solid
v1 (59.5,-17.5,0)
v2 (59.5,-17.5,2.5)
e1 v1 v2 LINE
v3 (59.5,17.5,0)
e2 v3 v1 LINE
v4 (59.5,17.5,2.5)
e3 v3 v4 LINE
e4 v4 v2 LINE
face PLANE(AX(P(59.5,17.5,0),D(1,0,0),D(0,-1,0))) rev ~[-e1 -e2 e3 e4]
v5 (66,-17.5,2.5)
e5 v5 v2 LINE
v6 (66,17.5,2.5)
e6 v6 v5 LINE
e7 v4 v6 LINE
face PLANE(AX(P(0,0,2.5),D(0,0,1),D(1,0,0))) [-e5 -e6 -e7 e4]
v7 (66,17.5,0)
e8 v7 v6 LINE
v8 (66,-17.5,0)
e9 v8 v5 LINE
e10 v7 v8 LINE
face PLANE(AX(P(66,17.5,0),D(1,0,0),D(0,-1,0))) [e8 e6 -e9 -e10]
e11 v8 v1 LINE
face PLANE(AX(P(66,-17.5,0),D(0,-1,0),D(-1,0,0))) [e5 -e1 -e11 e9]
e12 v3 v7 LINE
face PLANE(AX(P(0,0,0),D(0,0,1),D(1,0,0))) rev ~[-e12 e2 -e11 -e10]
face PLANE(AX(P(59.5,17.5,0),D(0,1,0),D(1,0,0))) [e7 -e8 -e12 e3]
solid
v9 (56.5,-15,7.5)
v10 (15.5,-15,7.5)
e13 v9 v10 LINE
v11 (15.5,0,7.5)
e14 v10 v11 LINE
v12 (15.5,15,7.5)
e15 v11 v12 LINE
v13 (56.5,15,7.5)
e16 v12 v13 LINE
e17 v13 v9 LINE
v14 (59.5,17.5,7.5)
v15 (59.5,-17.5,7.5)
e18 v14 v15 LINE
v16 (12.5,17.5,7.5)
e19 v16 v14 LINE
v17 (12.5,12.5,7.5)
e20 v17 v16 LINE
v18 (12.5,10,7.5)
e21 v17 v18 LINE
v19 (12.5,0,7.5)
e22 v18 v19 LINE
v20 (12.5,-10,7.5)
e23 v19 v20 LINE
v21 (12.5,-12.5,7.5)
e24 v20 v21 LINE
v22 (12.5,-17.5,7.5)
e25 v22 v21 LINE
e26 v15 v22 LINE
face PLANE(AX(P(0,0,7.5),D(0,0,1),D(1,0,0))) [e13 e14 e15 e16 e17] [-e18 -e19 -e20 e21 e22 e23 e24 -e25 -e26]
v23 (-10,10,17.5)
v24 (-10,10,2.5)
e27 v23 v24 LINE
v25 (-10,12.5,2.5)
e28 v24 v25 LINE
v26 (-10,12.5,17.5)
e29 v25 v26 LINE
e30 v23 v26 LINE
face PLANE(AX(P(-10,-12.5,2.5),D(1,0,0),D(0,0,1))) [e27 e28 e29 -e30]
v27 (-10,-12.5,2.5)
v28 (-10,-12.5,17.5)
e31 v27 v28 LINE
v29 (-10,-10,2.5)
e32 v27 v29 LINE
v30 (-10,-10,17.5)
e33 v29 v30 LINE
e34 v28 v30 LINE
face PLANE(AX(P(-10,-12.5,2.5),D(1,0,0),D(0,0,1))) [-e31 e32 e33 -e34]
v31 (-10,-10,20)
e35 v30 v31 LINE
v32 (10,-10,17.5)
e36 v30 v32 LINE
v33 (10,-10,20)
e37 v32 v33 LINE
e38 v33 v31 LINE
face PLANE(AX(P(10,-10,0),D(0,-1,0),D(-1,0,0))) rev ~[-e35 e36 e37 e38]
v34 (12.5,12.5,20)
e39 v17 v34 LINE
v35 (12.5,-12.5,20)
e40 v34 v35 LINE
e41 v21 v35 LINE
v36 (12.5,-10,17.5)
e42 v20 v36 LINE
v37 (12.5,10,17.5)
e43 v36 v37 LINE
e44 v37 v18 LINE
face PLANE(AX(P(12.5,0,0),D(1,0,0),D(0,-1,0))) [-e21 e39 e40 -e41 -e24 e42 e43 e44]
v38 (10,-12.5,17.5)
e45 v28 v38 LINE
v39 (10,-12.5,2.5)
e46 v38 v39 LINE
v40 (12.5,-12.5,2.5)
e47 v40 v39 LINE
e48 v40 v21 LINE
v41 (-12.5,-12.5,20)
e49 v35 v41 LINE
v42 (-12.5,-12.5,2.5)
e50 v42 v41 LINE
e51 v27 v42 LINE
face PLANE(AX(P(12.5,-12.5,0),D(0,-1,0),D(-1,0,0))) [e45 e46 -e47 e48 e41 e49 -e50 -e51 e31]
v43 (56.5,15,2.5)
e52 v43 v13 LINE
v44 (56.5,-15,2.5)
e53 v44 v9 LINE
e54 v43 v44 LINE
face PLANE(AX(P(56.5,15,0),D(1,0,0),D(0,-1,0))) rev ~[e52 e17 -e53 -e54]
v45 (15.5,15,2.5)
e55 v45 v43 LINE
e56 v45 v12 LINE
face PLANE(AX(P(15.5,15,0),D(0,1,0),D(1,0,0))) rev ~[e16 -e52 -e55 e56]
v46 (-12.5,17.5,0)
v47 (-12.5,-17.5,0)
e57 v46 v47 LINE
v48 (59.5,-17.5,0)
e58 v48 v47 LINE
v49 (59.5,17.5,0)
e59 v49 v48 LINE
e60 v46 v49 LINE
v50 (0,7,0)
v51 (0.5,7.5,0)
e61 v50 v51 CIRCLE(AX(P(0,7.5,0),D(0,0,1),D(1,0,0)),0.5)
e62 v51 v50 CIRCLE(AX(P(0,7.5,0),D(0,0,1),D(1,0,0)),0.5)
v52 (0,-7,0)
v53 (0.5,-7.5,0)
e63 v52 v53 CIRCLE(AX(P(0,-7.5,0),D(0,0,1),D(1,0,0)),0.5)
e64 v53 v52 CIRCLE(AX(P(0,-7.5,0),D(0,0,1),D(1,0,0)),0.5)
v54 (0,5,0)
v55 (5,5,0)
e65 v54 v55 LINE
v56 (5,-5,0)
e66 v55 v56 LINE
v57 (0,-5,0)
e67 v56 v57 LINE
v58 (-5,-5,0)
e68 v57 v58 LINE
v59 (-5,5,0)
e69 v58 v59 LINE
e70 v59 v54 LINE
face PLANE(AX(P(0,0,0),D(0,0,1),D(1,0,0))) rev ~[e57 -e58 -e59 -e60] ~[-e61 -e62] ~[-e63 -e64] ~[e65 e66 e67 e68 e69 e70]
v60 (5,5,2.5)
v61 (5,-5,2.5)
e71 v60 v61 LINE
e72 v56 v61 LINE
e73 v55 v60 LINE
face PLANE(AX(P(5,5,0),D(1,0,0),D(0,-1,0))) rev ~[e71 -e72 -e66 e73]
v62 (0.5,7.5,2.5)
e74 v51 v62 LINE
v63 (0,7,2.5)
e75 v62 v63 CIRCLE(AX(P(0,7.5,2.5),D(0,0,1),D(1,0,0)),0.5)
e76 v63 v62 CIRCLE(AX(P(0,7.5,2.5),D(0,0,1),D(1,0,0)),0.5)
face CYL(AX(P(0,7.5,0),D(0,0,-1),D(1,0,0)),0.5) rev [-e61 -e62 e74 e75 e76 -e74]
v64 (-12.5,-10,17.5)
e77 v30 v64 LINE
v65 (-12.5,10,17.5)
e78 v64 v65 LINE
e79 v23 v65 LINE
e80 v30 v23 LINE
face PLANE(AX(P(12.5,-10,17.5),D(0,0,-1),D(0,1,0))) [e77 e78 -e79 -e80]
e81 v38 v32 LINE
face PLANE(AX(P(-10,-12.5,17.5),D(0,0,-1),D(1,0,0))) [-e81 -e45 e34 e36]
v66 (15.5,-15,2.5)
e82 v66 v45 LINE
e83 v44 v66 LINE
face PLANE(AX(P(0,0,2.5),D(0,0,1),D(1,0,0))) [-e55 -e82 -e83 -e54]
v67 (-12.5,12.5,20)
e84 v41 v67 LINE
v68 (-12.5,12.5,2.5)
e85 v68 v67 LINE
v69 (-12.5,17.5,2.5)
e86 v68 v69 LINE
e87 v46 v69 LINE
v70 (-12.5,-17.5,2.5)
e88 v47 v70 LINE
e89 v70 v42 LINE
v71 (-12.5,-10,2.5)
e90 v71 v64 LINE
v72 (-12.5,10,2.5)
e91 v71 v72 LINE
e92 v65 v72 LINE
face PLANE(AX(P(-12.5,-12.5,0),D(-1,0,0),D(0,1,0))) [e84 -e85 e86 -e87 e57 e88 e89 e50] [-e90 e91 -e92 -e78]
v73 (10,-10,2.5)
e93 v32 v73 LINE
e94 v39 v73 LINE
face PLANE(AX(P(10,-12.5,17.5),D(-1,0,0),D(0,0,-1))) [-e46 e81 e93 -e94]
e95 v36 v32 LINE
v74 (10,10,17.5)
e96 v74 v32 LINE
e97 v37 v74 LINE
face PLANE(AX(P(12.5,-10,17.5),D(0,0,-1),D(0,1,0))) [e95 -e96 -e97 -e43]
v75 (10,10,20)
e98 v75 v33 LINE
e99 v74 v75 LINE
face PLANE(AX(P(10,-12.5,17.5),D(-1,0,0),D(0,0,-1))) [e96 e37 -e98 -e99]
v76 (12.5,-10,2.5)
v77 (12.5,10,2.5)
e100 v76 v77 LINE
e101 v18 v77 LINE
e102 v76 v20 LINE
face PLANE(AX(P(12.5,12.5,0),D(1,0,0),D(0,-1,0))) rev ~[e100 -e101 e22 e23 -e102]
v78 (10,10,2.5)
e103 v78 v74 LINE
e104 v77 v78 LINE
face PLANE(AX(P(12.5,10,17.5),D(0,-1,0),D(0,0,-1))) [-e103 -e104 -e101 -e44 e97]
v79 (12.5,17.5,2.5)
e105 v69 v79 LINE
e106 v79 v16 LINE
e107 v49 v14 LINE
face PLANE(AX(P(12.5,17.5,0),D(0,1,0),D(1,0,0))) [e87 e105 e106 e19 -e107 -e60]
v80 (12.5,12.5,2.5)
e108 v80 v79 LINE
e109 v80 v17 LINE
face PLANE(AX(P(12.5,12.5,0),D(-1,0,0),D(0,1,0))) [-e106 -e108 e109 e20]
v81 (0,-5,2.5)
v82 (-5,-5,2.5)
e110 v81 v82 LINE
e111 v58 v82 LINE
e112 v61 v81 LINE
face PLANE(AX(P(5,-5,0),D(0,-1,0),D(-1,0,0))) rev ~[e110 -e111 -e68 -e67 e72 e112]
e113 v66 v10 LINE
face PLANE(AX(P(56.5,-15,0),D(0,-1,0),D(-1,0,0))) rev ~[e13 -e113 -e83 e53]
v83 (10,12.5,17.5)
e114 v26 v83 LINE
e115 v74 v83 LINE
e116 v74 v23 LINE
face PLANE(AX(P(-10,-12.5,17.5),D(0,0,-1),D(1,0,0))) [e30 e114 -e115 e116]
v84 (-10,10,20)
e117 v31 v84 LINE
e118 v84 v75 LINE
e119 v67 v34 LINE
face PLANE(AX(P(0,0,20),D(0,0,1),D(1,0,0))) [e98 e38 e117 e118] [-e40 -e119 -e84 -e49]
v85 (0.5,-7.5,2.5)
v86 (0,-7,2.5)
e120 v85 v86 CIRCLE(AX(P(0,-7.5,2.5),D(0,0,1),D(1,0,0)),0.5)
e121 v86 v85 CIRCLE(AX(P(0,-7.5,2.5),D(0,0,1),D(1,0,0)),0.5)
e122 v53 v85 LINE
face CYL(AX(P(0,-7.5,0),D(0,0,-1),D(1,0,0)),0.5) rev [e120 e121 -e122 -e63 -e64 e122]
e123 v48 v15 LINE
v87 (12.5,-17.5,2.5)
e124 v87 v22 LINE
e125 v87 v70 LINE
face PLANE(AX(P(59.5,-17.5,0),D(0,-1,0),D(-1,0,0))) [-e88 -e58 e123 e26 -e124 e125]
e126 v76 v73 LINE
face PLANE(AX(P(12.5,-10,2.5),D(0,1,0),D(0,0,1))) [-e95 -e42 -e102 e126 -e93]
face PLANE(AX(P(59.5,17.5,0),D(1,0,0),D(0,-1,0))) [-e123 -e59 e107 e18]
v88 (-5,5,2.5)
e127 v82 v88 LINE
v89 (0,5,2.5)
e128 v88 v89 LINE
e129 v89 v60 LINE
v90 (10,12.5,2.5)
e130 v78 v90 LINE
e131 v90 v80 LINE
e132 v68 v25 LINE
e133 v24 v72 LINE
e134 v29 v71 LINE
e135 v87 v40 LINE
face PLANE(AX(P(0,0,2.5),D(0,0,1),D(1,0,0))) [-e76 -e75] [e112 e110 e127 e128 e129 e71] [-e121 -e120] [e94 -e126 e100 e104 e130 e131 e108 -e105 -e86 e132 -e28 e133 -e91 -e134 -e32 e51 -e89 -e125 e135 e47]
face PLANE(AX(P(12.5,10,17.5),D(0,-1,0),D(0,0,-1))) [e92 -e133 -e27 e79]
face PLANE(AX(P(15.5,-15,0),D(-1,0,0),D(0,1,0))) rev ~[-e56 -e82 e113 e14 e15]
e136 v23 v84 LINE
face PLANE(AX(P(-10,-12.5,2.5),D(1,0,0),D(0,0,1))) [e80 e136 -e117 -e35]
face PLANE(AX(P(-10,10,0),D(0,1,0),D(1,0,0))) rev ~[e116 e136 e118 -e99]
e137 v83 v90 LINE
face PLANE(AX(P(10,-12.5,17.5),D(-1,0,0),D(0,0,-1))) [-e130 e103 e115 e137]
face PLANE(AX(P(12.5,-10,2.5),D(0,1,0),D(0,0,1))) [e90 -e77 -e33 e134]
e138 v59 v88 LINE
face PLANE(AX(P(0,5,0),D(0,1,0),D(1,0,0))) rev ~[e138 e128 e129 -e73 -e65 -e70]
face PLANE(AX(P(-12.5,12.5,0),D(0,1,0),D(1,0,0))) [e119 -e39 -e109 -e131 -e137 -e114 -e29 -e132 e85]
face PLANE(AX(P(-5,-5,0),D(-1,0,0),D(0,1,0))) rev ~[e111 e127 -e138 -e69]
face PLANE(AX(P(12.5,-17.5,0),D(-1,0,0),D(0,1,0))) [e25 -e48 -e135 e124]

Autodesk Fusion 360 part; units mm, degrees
sketch "Sketch1" plane through (0, 0, 0) normal (0, 0, 1) x (1, 0, 0)
  line L0 (12.5, -12.5) -> (-12.5, -12.5)
  line L1 (-12.5, -12.5) -> (-12.5, 12.5)
  line L2 (-12.5, 12.5) -> (12.5, 12.5)
  line L3 (12.5, 12.5) -> (12.5, -12.5)
  line L4 (12.5, -12.5) -> (-12.5, 12.5) construction
  line L5 (-12.5, -12.5) -> (12.5, 12.5) construction
  line L6 (10, -10) -> (-10, -10)
  line L7 (-10, -10) -> (-10, 10)
  line L8 (-10, 10) -> (10, 10)
  line L9 (10, 10) -> (10, -10)
  line L10 (10, -10) -> (-10, 10) construction
  line L11 (-10, -10) -> (10, 10) construction
  line L12 (5, -5) -> (-5, -5)
  line L13 (-5, -5) -> (-5, 5)
  line L14 (-5, 5) -> (5, 5)
  line L15 (5, 5) -> (5, -5)
  line L16 (5, -5) -> (-5, 5) construction
  line L17 (-5, -5) -> (5, 5) construction
  line L18 (12.5, 0) -> (12.5, 17.5)
  line L19 (12.5, 17.5) -> (59.5, 17.5)
  line L20 (59.5, 17.5) -> (59.5, -17.5)
  line L21 (59.5, -17.5) -> (12.5, -17.5)
  line L22 (12.5, -17.5) -> (12.5, 17.5)
  line L23 (12.5, 0) -> (36, 0)
  line L24 (56.5, -15) -> (15.5, -15)
  line L25 (15.5, -15) -> (15.5, 15)
  line L26 (15.5, 15) -> (56.5, 15)
  line L27 (56.5, 15) -> (56.5, -15)
  line L28 (56.5, -15) -> (15.5, 15) construction
  line L29 (15.5, -15) -> (56.5, 15) construction
  line L30 (12.5, -17.5) -> (-12.5, -17.5)
  line L31 (-12.5, -17.5) -> (-12.5, 17.5)
  line L32 (-12.5, 17.5) -> (12.5, 17.5)
  line L33 (12.5, 17.5) -> (12.5, -17.5)
  line L34 (0, 0) -> (0, 7.5)
  line L35 (0, 7.5) -> (0, -7.5)
  circle A0 centre (0, 7.5) radius 0.5
  circle A1 centre (0, -7.5) radius 0.5
  line L36 (59.5, 17.5) -> (66, 17.5)
  line L37 (66, 17.5) -> (66, -17.5)
  line L38 (66, -17.5) -> (59.5, -17.5)
  line L39 (59.5, -17.5) -> (59.5, 17.5)
  point P0 (36, 0)
  dimension "d1" = 25
  dimension "d2" = 25
  dimension "d3" = 20
  dimension "d4" = 20
  dimension "d19" = 10
  dimension "d20" = 10
  dimension "d25" = 17.5
  dimension "d26" = 47
  dimension "d27" = 35
  dimension "d28" = 23.5
  dimension "d29" = 41
  dimension "d30" = 30
  dimension "d33" = 25
  dimension "d34" = 35
  dimension "d35" = 7.5
  dimension "d36" = 15
  dimension "d37" = 1
  dimension "d38" = 1
  dimension "d39" = 6.5
  dimension "d40" = 35
extrude "Extrude1" add sketch "Sketch1" along normal blind 20 contours L0 L1 L2 L3 L18 L22 L31 L33 makes body 1
sketch "Sketch2" plane through (0, -12.5, 0) normal (0, -1, 0) x (1, 0, 0)
  line L0 (-12.5, 0) -> (12.5, 0)
  line L1 (12.5, 0) -> (12.5, 20)
  line L2 (12.5, 20) -> (-12.5, 20)
  line L3 (-12.5, 20) -> (-12.5, 0)
  line L4 (0, 0) -> (0, 10)
  line L5 (10, 2.5) -> (-10, 2.5)
  line L6 (-10, 2.5) -> (-10, 17.5)
  line L7 (-10, 17.5) -> (10, 17.5)
  line L8 (10, 17.5) -> (10, 2.5)
  line L9 (10, 2.5) -> (-10, 17.5) construction
  line L10 (-10, 2.5) -> (10, 17.5) construction
  point P0 (0, 10)
  dimension "d7" = 10
  dimension "d8" = 20
  dimension "d9" = 15
extrude "Extrude2" cut sketch "Sketch2" against normal blind 25 contours L5 L6 L7 L8 bodies 1
sketch "Sketch3" plane through (12.5, 0, 0) normal (1, 0, 0) x (0, 1, 0)
  line L0 (-12.5, 0) -> (12.5, 0)
  line L1 (12.5, 0) -> (12.5, 20)
  line L2 (12.5, 20) -> (-12.5, 20)
  line L3 (-12.5, 20) -> (-12.5, 0)
  line L4 (0, 0) -> (0, 10)
  line L5 (10, 2.5) -> (-10, 2.5)
  line L6 (-10, 2.5) -> (-10, 17.5)
  line L7 (-10, 17.5) -> (10, 17.5)
  line L8 (10, 17.5) -> (10, 2.5)
  line L9 (10, 2.5) -> (-10, 17.5) construction
  line L10 (-10, 2.5) -> (10, 17.5) construction
  point P0 (0, 10)
  dimension "d12" = 10
  dimension "d13" = 20
  dimension "d14" = 15
extrude "Extrude3" cut sketch "Sketch3" against normal blind 25 contours L5 L6 L7 L8 bodies 1
extrude "Extrude4" add sketch "Sketch1" along normal blind 2.5 contours L0 L22 L30 L31 L33 | L24 L25 L26 L27 | L2 L18 L22 L31 L32 L33 | L20 L36 L37 L38 L39 | L6 L7 L8 L9 bodies 1 makes body 2 at (29.1667, -5, 0) makes body 3 at (61.6667, 5.8333, 0)
extrude "Extrude5" add sketch "Sketch1" along normal blind 7.5 contours L3 L18 L19 L20 L21 L22 L33 L39 bodies 1 2
